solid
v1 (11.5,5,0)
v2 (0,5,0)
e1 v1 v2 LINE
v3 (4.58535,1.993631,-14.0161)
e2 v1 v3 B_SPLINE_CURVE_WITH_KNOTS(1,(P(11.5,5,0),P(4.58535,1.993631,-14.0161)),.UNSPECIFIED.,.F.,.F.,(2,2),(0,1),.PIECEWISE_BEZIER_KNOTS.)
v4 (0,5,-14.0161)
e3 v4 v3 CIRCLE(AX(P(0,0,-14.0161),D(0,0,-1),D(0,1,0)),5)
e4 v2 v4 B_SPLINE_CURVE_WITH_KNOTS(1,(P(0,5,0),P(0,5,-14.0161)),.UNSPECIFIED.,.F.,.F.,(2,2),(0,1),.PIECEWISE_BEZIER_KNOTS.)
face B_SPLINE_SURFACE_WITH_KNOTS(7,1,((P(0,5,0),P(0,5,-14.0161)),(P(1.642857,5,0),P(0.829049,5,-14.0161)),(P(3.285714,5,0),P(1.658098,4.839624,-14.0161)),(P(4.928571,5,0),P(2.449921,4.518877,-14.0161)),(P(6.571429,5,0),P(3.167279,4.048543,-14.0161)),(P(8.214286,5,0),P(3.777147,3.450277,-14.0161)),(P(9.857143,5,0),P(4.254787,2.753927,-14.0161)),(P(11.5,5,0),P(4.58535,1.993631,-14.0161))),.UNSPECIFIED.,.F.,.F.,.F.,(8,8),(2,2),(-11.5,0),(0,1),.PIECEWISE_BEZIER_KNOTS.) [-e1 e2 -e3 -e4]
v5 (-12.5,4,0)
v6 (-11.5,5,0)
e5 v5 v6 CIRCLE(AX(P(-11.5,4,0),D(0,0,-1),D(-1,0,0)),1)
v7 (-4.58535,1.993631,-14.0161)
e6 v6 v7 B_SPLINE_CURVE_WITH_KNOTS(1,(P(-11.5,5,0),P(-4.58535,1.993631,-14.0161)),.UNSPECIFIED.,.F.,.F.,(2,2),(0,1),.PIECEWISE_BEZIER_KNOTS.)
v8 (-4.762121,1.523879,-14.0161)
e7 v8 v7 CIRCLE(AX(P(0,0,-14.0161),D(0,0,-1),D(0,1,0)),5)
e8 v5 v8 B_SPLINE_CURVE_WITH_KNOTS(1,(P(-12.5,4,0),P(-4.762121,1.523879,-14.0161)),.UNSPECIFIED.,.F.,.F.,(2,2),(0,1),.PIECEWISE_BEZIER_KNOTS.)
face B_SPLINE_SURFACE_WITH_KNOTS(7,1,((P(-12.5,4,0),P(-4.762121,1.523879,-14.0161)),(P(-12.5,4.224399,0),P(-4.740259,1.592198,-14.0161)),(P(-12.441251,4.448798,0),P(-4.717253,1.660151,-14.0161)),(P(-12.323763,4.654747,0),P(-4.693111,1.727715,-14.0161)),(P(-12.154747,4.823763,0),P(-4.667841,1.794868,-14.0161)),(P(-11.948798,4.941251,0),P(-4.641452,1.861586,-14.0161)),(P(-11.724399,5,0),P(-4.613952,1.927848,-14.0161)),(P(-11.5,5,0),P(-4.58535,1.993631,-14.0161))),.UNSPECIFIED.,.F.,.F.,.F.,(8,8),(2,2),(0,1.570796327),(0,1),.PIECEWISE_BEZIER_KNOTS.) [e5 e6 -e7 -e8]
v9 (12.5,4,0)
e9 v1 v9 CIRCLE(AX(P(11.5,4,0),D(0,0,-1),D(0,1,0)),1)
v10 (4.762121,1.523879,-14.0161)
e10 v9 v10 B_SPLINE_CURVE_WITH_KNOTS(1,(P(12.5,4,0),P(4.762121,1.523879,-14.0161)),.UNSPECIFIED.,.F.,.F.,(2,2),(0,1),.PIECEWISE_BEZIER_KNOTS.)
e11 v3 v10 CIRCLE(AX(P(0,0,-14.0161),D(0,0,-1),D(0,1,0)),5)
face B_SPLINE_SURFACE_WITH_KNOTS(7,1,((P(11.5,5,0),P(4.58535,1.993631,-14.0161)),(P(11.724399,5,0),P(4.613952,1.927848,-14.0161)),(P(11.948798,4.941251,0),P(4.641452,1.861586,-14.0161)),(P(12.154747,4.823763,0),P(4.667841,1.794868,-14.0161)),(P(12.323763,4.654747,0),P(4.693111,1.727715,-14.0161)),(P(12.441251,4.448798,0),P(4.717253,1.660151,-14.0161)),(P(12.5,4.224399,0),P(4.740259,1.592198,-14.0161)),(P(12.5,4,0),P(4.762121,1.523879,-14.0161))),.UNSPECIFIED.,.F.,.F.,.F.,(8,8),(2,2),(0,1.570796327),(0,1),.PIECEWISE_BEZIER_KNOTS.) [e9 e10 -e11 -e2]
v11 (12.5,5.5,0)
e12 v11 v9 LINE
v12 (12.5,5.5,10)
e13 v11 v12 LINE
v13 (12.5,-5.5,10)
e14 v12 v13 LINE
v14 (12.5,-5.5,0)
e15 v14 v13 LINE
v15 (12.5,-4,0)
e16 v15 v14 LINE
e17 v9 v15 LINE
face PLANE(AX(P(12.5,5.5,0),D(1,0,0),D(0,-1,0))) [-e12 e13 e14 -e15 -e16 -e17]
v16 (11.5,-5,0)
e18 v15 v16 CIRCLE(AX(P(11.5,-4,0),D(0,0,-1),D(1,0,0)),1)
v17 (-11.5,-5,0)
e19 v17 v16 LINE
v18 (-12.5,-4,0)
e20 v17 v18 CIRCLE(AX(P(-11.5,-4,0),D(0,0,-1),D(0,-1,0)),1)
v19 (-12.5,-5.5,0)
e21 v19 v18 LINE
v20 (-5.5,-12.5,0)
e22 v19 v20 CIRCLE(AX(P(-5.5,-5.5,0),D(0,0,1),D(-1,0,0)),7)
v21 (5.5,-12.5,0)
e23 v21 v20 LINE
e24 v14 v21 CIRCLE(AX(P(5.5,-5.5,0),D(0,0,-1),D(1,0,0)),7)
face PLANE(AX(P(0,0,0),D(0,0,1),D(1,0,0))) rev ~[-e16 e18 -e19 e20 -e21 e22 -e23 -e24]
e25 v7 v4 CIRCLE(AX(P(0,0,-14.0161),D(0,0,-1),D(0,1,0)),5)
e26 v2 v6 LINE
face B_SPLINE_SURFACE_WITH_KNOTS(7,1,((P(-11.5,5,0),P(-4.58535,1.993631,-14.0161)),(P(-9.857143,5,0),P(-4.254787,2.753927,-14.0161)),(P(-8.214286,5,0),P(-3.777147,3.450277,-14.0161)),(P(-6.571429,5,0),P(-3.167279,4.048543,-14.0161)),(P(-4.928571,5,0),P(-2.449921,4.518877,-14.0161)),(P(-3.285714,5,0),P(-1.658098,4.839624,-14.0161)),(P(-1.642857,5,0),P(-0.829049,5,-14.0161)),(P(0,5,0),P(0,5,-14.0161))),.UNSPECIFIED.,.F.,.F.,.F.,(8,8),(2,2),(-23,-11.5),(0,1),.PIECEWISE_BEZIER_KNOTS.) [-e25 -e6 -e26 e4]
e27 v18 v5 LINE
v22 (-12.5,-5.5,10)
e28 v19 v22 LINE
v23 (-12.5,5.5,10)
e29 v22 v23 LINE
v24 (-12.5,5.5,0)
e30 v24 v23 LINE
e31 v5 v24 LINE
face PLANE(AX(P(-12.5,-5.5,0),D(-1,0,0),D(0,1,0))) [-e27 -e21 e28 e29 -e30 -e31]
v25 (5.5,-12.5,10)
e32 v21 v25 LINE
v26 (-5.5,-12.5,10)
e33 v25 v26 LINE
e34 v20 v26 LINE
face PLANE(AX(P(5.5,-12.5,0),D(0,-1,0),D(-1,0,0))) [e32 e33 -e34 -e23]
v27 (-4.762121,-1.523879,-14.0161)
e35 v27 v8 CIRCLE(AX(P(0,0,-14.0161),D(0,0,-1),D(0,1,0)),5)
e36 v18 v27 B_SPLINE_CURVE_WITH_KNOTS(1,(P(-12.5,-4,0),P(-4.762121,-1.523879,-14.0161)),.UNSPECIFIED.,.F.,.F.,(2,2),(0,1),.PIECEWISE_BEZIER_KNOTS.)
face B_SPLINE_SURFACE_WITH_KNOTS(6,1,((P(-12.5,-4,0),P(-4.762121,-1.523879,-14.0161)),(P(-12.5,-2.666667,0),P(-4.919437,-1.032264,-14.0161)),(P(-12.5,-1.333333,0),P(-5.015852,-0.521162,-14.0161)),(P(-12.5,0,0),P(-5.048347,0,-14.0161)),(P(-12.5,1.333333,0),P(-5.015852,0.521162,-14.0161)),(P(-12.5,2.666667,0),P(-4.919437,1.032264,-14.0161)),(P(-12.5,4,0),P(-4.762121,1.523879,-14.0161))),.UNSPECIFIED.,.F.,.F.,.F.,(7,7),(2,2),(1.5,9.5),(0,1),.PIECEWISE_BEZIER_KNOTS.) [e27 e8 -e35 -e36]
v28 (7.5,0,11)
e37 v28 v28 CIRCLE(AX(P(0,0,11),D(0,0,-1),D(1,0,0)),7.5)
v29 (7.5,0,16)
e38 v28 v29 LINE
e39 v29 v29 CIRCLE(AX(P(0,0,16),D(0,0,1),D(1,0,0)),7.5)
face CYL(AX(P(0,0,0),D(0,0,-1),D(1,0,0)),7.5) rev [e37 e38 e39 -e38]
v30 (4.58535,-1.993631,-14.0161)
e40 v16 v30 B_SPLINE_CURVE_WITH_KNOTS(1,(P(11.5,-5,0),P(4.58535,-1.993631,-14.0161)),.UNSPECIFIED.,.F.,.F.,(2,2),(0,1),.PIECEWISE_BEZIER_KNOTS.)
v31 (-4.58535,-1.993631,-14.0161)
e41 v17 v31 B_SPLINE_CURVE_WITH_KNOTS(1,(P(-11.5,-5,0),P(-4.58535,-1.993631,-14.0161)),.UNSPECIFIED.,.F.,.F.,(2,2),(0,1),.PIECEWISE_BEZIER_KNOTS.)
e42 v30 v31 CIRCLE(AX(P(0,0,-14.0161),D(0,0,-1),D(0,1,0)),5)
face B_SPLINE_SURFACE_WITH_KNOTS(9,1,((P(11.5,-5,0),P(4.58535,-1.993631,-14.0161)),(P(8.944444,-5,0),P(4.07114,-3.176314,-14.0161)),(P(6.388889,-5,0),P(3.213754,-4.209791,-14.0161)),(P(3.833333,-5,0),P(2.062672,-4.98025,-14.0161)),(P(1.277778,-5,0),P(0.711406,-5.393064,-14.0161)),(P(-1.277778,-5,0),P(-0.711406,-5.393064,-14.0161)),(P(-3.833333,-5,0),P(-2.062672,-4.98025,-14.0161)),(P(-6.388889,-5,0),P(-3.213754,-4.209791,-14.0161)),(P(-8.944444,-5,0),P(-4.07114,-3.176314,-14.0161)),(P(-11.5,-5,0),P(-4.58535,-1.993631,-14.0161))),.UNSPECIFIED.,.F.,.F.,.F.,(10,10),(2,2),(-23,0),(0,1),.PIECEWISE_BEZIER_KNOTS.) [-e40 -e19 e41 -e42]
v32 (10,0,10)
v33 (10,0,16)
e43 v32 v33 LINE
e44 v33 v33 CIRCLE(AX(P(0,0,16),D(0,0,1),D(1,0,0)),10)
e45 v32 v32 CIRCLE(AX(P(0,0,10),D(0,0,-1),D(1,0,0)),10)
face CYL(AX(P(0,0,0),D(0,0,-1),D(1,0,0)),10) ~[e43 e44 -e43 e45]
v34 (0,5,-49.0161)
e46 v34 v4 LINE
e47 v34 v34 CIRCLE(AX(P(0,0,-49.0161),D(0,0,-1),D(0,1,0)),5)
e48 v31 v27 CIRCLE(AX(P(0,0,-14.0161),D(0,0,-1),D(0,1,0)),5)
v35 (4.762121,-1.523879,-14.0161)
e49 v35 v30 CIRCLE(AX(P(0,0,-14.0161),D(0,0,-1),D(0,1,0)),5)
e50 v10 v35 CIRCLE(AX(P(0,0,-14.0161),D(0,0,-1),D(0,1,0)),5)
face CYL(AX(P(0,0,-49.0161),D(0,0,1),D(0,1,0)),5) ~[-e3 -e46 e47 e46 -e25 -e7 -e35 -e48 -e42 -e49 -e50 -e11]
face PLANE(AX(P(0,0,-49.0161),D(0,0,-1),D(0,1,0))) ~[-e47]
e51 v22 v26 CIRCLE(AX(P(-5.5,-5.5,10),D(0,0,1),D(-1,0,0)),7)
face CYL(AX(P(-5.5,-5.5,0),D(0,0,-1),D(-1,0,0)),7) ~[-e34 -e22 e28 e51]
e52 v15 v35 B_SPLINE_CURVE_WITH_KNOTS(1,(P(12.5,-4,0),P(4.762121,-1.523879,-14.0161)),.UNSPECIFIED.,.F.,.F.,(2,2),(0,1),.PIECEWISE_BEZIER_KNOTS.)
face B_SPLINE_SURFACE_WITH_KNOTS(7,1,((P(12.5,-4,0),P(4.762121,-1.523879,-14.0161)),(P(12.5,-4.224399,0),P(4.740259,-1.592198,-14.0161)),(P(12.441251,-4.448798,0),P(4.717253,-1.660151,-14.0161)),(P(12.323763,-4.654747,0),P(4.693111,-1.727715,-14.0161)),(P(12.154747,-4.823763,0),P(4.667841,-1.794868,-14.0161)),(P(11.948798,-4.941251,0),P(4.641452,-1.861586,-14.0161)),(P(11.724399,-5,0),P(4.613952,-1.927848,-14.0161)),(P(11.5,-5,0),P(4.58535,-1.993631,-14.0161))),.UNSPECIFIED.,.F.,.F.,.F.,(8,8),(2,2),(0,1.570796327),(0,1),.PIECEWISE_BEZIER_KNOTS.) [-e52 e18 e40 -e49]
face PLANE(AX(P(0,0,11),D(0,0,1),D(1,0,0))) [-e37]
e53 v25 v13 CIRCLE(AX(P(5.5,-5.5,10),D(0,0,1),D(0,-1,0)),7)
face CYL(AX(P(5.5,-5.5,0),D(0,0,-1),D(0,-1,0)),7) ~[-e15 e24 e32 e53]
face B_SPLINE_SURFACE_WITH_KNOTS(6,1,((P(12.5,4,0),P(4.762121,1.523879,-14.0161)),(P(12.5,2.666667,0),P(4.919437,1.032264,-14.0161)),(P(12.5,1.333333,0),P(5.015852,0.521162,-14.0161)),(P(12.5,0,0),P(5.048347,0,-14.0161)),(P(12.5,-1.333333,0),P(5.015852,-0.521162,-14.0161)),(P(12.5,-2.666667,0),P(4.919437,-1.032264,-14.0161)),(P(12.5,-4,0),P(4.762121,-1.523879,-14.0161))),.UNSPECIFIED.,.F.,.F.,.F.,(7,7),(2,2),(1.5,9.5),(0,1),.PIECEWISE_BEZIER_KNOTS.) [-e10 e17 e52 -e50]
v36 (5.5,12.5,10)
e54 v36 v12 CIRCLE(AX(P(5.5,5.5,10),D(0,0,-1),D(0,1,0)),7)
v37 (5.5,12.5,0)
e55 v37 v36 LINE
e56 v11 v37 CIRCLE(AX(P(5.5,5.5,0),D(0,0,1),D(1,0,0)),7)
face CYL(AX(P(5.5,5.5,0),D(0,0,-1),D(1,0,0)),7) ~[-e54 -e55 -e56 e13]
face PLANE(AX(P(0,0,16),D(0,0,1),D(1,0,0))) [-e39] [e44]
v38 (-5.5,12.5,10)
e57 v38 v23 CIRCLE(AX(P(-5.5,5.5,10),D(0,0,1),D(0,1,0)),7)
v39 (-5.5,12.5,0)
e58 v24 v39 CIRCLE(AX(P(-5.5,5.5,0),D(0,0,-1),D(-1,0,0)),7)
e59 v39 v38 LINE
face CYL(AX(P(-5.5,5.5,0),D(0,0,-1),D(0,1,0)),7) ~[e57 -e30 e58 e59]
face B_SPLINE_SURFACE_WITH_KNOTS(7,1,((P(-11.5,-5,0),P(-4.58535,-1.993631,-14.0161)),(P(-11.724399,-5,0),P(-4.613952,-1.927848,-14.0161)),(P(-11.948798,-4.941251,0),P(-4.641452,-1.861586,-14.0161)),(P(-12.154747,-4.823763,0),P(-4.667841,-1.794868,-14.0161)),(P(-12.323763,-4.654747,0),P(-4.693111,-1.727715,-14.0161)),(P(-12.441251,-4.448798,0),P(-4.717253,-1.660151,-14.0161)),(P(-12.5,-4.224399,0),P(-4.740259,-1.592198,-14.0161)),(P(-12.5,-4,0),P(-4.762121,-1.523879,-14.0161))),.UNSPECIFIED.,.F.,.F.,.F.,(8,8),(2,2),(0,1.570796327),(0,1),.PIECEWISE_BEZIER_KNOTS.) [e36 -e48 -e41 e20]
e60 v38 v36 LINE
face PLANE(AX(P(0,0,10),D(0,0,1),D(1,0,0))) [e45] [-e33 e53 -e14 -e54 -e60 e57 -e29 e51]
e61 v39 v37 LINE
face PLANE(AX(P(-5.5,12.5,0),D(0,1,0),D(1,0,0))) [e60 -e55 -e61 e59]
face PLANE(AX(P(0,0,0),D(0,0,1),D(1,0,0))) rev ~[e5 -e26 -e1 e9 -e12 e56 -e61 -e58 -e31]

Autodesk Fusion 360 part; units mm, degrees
sketch "Sketch1" plane through (0, 0, 0) normal (0, 0, 1) x (1, 0, 0)
  circle A0 centre (0, 0) radius 7.5
  line L0 (-5.5, 12.5) -> (5.5, 12.5)
  line L1 (12.5, 5.5) -> (12.5, -5.5)
  line L2 (5.5, -12.5) -> (-5.5, -12.5)
  line L3 (-12.5, -5.5) -> (-12.5, 5.5)
  circle A1 centre (0, 0) radius 10
  arc A2 (-5.5, 12.5) -> (-12.5, 5.5) centre (-5.5, 5.5) ccw
  arc A3 (12.5, 5.5) -> (5.5, 12.5) centre (5.5, 5.5) ccw
  arc A4 (5.5, -12.5) -> (12.5, -5.5) centre (5.5, -5.5) ccw
  arc A5 (-12.5, -5.5) -> (-5.5, -12.5) centre (-5.5, -5.5) ccw
  line L4 (-10.4497, 10.4497) -> (10.4497, -10.4497)
  line L5 (10.4497, 10.4497) -> (0, 0)
  point P0 (-12.5, 12.5)
  dimension "d1" = 15
  dimension "d2" = 20
  dimension "d5" = 7
extrude "Extrude1" add sketch "Sketch1" along normal blind 10 contours L1 A1 A3 A4 L4 L5 | L0 A1 A2 A3 L4 L5 | L2 L3 A1 A2 A4 A5 L4 makes body 1
extrude "Extrude2" add sketch "Sketch1" along normal blind 16 contours A0 A1 L4 L5 | A0 A1 L4 L5 | A0 A1 L4 bodies 1
extrude "Extrude3" add sketch "Sketch1" along normal blind 11 contours A0 L4 L5 | A0 L4 L5 | A0 L4 bodies 1
sketch "Sketch2" plane through (0, 0, 0) normal (1, 0, 0) x (0, 0, -1)
  line L0 (14.0161, 0) -> (49.0161, 0)
  line L1 (49.0161, 0) -> (49.0161, 5)
  line L2 (49.0161, 5) -> (14.0161, 5)
  line L3 (14.0161, 5) -> (14.0161, 0)
  dimension "d12" = 35
  dimension "d13" = 5
revolve "Revolve1" add sketch "Sketch2" angle 360 about axis through (0, 0, -14.0161) along (0, 0, -1) separate body makes body 2
sketch "Sketch3" plane through (0, 0, 0) normal (0, 0, -1) x (-1, 0, 0)
  arc A0 (12.5, 5.5) -> (5.5, 12.5) centre (5.5, 5.5) ccw
  line L0 (5.5, 12.5) -> (-5.5, 12.5)
  arc A1 (-5.5, 12.5) -> (-12.5, 5.5) centre (-5.5, 5.5) ccw
  line L1 (-12.5, 5.5) -> (-12.5, -5.5)
  arc A2 (-12.5, -5.5) -> (-5.5, -12.5) centre (-5.5, -5.5) ccw
  line L2 (-5.5, -12.5) -> (5.5, -12.5)
  arc A3 (5.5, -12.5) -> (12.5, -5.5) centre (5.5, -5.5) ccw
  line L3 (12.5, -5.5) -> (12.5, 5.5)
  line L4 (-11.5, 5) -> (11.5, 5)
  line L5 (11.5, -5) -> (-11.5, -5)
  line L6 (-12.5, -4) -> (-12.5, 4)
  arc A4 (-11.5, 5) -> (-12.5, 4) centre (-11.5, 4) ccw
  arc A5 (-12.5, -4) -> (-11.5, -5) centre (-11.5, -4) ccw
  line L7 (-12.5, 0) -> (17.5, 0) construction
  line L8 (12.5, 4) -> (12.5, -4)
  arc A6 (12.5, 4) -> (11.5, 5) centre (11.5, 4) ccw
  arc A7 (11.5, -5) -> (12.5, -4) centre (11.5, -4) ccw
  point P0 (-12.5, 5)
  point P1 (-12.5, -5)
  dimension "d15" = 10
  dimension "d16" = 1
  dimension "d17" = 1
loft "Loft1" add profiles "Sketch3" section 1 contours L1 L3 L4 L5 L6 A4 A5 L8 A6 A7 section 2 face at (-1.5459, -1.0946, -14.0161) on bodies 2 bodies 2 1
